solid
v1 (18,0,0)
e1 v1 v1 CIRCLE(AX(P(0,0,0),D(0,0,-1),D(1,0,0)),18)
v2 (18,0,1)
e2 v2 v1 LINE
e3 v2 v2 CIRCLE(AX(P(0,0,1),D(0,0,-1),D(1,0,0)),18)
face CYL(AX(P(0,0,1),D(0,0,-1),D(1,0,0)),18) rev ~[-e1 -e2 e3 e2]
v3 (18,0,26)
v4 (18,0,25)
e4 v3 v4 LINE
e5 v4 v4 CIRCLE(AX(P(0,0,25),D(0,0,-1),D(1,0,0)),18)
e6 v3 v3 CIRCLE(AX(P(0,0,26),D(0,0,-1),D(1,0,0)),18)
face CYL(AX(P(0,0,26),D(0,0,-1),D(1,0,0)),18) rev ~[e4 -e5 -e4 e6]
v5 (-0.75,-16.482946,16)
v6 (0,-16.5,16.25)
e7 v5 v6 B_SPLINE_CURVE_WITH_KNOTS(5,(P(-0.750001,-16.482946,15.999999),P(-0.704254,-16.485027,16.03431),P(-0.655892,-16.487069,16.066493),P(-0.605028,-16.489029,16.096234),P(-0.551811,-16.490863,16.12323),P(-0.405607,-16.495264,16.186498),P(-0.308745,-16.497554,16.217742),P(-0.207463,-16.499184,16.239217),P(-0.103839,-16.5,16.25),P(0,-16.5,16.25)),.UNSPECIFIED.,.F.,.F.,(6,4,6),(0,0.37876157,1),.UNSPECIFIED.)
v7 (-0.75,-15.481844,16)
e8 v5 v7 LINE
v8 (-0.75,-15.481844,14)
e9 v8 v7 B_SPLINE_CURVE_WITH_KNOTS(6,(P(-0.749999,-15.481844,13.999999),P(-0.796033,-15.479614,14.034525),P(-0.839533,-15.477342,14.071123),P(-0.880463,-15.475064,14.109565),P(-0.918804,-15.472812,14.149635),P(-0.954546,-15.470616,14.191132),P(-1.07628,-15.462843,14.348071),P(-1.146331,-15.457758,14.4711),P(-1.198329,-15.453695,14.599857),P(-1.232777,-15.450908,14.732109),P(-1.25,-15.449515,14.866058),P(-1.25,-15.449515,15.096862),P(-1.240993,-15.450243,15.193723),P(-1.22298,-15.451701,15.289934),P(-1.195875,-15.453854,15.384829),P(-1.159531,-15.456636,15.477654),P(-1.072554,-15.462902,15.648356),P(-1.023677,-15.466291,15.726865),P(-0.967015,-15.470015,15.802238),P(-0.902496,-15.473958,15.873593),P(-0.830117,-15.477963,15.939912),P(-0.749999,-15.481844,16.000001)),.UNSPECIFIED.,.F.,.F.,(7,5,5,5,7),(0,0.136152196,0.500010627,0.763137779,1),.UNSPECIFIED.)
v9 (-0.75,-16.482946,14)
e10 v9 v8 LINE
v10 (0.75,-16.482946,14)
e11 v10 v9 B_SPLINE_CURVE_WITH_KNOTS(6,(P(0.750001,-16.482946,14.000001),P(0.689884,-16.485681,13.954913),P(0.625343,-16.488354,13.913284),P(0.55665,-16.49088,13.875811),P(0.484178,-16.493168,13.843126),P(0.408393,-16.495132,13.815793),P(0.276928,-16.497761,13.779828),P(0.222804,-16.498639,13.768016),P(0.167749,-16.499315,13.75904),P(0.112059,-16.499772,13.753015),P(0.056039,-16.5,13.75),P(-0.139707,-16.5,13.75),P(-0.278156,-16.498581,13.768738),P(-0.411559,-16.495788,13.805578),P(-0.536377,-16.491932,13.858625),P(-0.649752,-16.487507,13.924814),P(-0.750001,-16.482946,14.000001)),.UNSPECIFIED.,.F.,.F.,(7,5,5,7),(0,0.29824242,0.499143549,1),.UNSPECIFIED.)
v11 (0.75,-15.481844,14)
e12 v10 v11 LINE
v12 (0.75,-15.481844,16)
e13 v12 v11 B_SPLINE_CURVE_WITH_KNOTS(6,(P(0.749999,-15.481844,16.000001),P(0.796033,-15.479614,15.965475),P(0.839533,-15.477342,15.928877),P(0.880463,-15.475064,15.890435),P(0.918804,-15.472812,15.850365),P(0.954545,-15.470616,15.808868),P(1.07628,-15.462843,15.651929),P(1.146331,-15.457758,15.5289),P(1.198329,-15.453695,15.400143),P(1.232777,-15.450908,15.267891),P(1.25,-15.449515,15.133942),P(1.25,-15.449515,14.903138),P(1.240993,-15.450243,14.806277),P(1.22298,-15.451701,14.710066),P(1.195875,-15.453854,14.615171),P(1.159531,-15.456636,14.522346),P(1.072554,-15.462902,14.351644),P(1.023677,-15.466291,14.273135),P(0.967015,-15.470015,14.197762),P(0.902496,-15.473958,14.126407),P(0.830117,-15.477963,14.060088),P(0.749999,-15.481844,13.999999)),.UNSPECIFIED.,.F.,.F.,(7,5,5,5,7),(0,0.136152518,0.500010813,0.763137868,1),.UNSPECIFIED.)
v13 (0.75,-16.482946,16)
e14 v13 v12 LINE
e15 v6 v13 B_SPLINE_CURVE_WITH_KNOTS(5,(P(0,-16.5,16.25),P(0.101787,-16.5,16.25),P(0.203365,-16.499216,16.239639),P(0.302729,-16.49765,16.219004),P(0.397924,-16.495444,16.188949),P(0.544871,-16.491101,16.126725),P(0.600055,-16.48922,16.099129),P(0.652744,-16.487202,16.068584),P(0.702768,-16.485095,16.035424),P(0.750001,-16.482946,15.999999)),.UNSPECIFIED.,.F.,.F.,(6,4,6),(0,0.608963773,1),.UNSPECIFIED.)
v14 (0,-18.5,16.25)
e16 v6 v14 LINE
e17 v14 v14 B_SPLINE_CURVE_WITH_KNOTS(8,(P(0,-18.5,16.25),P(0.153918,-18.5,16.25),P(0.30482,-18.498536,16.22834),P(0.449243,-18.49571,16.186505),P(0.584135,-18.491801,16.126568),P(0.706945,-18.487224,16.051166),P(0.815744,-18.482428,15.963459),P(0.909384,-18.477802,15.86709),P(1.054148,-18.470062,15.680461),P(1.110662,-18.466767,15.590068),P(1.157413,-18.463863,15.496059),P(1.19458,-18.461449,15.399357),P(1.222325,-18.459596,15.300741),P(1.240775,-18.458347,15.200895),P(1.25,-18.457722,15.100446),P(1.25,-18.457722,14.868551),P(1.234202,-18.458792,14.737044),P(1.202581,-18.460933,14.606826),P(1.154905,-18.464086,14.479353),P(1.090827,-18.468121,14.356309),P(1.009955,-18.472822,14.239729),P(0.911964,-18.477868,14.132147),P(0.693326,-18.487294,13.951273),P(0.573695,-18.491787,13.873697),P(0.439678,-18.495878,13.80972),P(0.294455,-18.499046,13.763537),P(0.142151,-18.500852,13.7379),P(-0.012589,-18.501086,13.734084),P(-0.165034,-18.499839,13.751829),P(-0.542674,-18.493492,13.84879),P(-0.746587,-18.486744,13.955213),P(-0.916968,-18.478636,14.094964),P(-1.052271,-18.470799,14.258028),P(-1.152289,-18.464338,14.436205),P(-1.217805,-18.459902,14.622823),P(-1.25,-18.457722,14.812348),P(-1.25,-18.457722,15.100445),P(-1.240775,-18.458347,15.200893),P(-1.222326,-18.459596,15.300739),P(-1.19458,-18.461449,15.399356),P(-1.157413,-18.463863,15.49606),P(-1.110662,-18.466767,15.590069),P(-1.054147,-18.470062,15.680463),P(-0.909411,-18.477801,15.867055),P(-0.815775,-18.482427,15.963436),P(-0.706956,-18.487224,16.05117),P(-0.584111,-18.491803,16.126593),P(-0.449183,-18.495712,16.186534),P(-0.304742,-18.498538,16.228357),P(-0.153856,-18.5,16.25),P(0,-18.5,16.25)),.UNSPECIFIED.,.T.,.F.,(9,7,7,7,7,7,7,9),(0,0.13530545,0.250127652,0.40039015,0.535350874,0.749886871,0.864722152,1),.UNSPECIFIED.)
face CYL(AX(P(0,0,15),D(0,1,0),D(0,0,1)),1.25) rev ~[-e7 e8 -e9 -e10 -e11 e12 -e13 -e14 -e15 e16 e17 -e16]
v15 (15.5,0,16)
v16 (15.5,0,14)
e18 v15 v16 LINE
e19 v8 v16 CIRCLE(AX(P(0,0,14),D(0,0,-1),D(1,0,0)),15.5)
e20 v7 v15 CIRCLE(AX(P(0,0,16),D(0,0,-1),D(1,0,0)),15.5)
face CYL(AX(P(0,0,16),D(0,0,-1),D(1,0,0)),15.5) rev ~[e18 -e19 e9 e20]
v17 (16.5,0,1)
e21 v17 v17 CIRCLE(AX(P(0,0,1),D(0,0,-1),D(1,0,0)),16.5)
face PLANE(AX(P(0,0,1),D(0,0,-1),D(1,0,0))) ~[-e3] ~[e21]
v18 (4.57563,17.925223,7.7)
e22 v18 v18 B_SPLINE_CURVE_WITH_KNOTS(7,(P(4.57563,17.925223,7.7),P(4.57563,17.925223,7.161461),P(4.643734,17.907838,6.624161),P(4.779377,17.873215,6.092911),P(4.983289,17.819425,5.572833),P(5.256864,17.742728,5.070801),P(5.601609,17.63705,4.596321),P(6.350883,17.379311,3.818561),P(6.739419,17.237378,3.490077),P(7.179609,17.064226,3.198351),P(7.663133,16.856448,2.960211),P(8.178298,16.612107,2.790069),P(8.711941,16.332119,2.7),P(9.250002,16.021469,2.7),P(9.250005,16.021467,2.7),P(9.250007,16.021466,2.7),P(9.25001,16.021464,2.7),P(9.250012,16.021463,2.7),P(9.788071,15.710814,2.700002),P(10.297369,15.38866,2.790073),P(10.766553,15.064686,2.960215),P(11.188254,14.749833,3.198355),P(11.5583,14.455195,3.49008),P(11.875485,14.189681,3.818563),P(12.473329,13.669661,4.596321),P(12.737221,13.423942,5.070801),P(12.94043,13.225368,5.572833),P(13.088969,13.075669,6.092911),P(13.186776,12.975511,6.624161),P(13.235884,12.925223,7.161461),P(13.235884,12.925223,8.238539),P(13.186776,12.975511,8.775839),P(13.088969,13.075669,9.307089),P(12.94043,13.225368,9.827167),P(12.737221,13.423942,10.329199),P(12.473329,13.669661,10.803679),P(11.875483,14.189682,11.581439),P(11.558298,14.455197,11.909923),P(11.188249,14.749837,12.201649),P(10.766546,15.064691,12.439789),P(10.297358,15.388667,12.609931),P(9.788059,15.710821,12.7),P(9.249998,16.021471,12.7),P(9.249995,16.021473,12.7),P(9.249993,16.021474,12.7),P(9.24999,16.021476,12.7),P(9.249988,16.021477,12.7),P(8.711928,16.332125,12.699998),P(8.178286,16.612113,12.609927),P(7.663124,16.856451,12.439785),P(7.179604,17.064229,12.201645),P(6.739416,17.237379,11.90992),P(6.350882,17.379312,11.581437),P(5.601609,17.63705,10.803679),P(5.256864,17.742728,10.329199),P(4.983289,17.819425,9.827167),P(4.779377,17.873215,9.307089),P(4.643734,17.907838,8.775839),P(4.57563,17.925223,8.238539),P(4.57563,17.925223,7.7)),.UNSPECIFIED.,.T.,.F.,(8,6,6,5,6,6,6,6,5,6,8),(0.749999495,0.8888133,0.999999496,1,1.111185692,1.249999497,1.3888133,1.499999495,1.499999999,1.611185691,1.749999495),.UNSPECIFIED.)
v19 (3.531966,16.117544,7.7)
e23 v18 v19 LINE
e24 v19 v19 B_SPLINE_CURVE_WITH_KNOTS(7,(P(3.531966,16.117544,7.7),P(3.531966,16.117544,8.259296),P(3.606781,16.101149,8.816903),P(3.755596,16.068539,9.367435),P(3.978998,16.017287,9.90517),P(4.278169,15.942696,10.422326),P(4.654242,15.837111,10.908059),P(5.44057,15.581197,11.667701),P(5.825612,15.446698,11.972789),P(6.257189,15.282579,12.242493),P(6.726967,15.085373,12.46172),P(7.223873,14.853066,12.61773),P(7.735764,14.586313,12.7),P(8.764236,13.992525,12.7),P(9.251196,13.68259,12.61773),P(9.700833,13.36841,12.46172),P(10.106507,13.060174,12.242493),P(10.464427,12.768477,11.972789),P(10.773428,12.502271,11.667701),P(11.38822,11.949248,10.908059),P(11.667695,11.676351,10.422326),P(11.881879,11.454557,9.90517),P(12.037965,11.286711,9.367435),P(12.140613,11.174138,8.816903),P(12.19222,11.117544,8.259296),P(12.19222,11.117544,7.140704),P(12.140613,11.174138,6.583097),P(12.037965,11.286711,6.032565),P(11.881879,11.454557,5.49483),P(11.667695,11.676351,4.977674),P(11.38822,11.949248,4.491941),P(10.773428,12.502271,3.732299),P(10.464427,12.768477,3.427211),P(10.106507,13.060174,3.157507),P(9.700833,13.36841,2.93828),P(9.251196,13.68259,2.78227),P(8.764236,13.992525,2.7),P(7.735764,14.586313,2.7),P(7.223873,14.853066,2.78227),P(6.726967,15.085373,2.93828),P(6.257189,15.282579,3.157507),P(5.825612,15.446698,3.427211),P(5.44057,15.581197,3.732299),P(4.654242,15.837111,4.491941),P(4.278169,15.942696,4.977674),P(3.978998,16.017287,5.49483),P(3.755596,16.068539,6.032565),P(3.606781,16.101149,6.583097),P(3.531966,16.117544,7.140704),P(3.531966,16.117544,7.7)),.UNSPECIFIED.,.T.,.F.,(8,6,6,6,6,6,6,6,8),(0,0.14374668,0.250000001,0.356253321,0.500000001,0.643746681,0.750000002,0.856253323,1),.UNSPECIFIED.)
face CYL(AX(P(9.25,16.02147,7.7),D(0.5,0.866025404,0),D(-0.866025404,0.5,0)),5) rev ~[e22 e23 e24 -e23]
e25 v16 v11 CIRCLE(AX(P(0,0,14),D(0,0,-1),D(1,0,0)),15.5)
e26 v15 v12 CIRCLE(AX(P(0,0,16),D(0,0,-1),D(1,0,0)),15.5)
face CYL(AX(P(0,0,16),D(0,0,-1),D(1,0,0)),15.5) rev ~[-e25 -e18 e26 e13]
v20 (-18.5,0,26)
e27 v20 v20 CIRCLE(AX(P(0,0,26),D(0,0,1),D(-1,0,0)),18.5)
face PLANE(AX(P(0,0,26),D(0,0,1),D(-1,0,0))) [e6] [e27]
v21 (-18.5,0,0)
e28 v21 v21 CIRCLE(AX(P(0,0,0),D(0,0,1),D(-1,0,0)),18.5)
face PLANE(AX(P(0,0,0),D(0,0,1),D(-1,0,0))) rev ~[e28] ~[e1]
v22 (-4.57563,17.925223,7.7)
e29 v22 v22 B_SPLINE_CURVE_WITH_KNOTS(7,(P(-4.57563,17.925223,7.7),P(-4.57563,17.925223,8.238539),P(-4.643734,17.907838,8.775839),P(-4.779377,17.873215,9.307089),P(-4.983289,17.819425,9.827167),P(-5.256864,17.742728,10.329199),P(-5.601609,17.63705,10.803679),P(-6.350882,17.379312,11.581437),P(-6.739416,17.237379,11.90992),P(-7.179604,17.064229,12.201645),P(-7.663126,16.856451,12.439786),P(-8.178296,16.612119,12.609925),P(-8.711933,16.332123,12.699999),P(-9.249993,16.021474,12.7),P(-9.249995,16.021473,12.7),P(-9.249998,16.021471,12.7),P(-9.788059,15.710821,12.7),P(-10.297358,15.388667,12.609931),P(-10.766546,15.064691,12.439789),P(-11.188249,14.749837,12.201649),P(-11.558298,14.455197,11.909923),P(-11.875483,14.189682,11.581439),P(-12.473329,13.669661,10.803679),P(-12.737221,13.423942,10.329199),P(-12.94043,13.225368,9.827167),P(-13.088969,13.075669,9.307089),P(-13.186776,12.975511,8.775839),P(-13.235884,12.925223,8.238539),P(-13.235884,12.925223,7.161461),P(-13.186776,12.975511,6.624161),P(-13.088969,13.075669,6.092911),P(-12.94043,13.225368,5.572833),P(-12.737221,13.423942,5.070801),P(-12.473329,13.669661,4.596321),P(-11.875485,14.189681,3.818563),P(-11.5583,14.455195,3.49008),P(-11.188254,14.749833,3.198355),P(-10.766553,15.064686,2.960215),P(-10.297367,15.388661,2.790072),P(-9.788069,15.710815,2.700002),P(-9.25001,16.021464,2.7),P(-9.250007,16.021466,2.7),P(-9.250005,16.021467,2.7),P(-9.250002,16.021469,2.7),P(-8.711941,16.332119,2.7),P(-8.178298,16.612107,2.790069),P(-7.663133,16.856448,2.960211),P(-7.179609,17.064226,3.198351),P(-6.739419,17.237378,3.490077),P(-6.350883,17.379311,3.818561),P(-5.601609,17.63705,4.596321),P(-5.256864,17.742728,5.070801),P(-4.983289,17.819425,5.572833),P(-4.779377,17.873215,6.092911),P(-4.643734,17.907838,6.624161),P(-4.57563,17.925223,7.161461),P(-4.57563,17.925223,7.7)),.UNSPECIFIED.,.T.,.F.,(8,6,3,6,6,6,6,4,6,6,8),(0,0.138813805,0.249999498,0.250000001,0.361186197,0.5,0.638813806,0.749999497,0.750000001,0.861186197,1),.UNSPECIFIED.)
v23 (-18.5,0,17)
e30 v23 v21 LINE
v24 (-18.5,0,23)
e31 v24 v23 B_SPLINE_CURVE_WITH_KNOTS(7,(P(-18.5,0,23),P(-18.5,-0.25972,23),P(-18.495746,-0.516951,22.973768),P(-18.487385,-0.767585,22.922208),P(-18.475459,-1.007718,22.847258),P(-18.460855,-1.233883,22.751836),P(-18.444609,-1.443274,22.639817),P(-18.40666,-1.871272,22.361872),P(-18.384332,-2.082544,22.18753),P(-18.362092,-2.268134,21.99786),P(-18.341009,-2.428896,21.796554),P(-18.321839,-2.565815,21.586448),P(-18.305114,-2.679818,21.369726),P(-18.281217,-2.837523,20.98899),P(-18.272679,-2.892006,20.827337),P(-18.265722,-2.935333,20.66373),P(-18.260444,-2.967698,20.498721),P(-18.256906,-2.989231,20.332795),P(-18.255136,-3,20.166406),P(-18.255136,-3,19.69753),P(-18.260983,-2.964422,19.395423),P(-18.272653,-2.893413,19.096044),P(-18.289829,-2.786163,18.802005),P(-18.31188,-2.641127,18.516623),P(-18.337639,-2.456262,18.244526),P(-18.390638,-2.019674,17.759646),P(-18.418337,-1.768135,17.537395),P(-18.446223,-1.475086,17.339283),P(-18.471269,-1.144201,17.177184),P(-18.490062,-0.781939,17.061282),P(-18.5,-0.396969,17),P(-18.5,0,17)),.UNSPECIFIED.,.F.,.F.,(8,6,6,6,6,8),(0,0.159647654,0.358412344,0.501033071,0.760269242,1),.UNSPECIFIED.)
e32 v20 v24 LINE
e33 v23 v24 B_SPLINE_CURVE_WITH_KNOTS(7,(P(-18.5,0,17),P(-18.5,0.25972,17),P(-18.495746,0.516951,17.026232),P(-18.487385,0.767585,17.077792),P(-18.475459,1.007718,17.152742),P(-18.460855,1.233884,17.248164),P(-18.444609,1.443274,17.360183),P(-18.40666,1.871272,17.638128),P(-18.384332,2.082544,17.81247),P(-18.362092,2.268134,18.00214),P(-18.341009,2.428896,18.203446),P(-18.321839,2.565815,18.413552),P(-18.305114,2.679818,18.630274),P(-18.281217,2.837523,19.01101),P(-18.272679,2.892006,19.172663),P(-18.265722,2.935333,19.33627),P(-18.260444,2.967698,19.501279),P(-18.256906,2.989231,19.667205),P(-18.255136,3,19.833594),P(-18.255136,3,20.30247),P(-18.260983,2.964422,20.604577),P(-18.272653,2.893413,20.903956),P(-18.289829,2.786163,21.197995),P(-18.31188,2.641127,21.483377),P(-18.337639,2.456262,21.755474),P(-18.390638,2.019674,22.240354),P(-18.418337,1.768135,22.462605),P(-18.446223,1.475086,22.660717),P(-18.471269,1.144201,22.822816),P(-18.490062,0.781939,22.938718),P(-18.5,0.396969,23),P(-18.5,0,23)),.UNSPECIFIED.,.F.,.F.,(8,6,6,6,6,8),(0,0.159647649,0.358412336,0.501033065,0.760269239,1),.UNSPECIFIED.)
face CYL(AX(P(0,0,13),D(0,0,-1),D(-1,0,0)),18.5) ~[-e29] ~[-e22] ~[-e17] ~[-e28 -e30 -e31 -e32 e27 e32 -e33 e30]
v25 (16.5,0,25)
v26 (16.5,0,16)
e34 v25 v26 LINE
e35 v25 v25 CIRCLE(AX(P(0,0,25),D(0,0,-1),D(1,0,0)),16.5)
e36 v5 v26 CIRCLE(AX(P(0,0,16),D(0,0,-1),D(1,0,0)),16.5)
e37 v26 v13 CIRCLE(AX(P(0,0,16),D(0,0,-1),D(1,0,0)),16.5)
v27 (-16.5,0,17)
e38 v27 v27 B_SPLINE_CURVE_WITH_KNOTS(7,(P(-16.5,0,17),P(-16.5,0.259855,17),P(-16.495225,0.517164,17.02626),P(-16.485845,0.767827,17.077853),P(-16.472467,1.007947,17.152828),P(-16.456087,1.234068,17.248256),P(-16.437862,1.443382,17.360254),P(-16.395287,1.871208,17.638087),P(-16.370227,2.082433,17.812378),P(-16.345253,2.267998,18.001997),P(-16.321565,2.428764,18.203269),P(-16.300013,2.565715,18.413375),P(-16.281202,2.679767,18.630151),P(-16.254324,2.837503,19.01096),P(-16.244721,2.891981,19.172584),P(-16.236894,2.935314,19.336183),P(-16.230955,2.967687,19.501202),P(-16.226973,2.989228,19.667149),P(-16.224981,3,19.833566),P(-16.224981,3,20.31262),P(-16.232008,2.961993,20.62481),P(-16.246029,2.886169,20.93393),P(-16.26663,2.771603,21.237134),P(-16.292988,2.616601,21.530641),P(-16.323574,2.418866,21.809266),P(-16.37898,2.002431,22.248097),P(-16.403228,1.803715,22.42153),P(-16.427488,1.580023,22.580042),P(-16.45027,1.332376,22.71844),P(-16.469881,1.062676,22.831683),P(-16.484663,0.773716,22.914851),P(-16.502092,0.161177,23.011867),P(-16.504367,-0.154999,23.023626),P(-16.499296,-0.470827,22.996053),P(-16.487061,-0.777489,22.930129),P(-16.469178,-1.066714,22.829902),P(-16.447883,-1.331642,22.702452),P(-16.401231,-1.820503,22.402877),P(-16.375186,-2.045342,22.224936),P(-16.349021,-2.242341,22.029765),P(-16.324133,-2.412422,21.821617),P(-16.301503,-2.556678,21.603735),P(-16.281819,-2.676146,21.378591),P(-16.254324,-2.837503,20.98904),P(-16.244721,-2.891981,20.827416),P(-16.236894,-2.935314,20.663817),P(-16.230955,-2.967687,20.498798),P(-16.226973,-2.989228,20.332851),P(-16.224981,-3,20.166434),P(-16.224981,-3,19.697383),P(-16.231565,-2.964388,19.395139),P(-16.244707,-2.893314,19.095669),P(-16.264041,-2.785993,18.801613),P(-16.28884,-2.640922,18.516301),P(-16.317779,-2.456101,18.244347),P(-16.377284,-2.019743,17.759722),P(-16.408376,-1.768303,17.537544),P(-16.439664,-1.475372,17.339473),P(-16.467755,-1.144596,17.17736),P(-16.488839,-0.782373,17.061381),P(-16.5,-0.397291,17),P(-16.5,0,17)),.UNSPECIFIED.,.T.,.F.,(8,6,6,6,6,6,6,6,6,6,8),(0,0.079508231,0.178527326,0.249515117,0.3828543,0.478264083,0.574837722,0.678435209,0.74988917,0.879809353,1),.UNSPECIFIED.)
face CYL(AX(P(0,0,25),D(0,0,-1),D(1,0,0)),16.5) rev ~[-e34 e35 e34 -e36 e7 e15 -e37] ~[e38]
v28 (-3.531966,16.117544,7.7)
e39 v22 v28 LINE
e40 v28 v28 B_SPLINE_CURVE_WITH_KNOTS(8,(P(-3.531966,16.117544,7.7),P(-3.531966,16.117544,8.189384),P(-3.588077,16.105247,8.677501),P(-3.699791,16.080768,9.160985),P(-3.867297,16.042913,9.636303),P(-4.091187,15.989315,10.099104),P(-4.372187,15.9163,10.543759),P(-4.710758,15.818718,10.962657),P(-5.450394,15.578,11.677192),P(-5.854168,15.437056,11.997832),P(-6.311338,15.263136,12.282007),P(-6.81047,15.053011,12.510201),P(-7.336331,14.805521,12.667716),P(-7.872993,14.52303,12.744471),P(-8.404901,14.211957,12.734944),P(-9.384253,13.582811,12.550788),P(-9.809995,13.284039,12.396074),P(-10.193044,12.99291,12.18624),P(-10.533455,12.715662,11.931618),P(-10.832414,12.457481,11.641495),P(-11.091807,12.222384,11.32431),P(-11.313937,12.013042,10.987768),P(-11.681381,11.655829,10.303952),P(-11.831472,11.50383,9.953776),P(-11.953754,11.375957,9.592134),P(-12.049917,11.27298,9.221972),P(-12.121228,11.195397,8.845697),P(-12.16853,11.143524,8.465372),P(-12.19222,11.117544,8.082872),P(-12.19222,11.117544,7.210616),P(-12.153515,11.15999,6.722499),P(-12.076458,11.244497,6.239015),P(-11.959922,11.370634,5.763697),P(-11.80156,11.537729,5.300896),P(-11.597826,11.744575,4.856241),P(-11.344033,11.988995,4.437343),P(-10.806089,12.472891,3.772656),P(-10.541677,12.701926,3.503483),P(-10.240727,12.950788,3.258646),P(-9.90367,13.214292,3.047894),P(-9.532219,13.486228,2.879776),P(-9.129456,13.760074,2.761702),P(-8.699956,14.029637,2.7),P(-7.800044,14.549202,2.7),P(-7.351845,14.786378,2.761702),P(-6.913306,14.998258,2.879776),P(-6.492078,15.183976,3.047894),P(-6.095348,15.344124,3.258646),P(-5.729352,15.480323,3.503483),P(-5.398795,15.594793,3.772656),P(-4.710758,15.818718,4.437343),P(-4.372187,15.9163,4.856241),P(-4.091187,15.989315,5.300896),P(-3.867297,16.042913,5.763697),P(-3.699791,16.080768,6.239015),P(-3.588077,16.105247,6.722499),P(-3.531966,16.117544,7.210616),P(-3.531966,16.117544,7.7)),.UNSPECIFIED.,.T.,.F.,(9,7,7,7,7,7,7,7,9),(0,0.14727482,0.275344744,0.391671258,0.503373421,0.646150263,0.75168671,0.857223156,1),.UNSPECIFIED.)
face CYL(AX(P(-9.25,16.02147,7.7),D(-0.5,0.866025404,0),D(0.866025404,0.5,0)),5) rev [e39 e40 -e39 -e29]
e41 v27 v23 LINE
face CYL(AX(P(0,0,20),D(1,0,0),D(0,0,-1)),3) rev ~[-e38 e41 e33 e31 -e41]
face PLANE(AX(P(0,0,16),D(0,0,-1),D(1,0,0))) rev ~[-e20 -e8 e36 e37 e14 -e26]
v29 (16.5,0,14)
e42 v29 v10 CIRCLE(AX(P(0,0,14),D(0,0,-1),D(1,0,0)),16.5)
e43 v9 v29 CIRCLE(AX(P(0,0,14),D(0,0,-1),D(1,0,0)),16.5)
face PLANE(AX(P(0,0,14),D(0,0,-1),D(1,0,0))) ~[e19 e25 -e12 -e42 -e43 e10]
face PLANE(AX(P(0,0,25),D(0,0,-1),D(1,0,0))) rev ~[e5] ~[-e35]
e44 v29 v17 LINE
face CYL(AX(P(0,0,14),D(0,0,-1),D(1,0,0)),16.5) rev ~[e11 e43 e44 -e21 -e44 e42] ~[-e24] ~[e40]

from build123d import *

# Parameters (mm, degrees)
SKETCH1_R           = 19
SKETCH1_R_2         = 13.5
BOSS_EXTRUDE1_DEPTH = 26
SKETCH2_W           = 26
SKETCH2_H           = 0.5
SKETCH4_R           = 5
CUT_EXTRUDE1_DEPTH  = 10
SKETCH5_R           = 1.25
CUT_EXTRUDE4_DEPTH  = 20
SKETCH6_R           = 3
CUT_EXTRUDE5_DEPTH  = 20


with BuildPart() as part:
    # Sketch1 → Boss-Extrude1 (new body)
    with BuildSketch(Plane.XY):
        with Locations(Location((0, 0, 0), (0, 0, 180))):
            Circle(SKETCH1_R)
        with Locations(Location((0, 0, 0), (0, 0, 180))):
            Circle(SKETCH1_R_2, mode=Mode.SUBTRACT)
    extrude(amount=BOSS_EXTRUDE1_DEPTH)

    # Sketch2 → Cut-Revolve1 (revolve, cut)
    with BuildSketch(Plane(origin=(0, 0, 0), x_dir=(0, 0, -1), z_dir=(1, 0, 0)), mode=Mode.PRIVATE) as cut_revolve1_sk:
        with Locations((-13, 18.75)):
            Rectangle(SKETCH2_W, SKETCH2_H)
    revolve(cut_revolve1_sk.sketch.rotate(Axis((0, 0, 0), (0, 0, 1)), 90), axis=Axis((0, 0, 0), (0, 0, 1)), mode=Mode.SUBTRACT)

    # Sketch3 → Cut-Revolve2 (revolve, cut)
    with BuildSketch(Plane(origin=(0, 0, 0), x_dir=(0, 0, -1), z_dir=(1, 0, 0)), mode=Mode.PRIVATE) as cut_revolve2_sk:
        Polygon((0, 18), (0, 0), (-26, 0), (-26, 18), (-25, 18), (-25, 16.5), (-16, 16.5), (-16, 15.5), (-14, 15.5), (-14, 16.5), (-1, 16.5), (-1, 18), align=None)
    revolve(cut_revolve2_sk.sketch.rotate(Axis((0, 0, 26), (0, 0, -1)), 90), axis=Axis((0, 0, 26), (0, 0, -1)), mode=Mode.SUBTRACT)

    # Sketch4 → Cut-Extrude1 (cut)
    with BuildSketch(Plane(origin=(9.25, 16.02146997, 0), x_dir=(-0.866025403784438, 0.500000000000001, 0), z_dir=(0.500000000000001, 0.866025403784438, 0))):
        with Locations((0, 7.7)):
            Circle(SKETCH4_R)
    cut_extrude1 = extrude(amount=-CUT_EXTRUDE1_DEPTH, mode=Mode.SUBTRACT)

    # Mirror1: Cut-Extrude1 across plane
    add(cut_extrude1.mirror(Plane(origin=(0, 0, 0), x_dir=(0, 0, 1), z_dir=(1, 0, 0))), mode=Mode.SUBTRACT)

    # Sketch5 → Cut-Extrude4 (cut)
    with BuildSketch(Plane(origin=(0, 0, 0), x_dir=(1, 0, 0), z_dir=(0, 1, 0))):
        with Locations(Location((0, -15, 0), (0, 0, 270))):
            Circle(SKETCH5_R)
    extrude(amount=-CUT_EXTRUDE4_DEPTH, mode=Mode.SUBTRACT)

    # Sketch6 → Cut-Extrude5 (cut)
    with BuildSketch(Plane(origin=(0, 0, 0), x_dir=(0, 0, -1), z_dir=(1, 0, 0))):
        with Locations((-20, 0)):
            Circle(SKETCH6_R)
    extrude(amount=-CUT_EXTRUDE5_DEPTH, mode=Mode.SUBTRACT)


solid = part.part
